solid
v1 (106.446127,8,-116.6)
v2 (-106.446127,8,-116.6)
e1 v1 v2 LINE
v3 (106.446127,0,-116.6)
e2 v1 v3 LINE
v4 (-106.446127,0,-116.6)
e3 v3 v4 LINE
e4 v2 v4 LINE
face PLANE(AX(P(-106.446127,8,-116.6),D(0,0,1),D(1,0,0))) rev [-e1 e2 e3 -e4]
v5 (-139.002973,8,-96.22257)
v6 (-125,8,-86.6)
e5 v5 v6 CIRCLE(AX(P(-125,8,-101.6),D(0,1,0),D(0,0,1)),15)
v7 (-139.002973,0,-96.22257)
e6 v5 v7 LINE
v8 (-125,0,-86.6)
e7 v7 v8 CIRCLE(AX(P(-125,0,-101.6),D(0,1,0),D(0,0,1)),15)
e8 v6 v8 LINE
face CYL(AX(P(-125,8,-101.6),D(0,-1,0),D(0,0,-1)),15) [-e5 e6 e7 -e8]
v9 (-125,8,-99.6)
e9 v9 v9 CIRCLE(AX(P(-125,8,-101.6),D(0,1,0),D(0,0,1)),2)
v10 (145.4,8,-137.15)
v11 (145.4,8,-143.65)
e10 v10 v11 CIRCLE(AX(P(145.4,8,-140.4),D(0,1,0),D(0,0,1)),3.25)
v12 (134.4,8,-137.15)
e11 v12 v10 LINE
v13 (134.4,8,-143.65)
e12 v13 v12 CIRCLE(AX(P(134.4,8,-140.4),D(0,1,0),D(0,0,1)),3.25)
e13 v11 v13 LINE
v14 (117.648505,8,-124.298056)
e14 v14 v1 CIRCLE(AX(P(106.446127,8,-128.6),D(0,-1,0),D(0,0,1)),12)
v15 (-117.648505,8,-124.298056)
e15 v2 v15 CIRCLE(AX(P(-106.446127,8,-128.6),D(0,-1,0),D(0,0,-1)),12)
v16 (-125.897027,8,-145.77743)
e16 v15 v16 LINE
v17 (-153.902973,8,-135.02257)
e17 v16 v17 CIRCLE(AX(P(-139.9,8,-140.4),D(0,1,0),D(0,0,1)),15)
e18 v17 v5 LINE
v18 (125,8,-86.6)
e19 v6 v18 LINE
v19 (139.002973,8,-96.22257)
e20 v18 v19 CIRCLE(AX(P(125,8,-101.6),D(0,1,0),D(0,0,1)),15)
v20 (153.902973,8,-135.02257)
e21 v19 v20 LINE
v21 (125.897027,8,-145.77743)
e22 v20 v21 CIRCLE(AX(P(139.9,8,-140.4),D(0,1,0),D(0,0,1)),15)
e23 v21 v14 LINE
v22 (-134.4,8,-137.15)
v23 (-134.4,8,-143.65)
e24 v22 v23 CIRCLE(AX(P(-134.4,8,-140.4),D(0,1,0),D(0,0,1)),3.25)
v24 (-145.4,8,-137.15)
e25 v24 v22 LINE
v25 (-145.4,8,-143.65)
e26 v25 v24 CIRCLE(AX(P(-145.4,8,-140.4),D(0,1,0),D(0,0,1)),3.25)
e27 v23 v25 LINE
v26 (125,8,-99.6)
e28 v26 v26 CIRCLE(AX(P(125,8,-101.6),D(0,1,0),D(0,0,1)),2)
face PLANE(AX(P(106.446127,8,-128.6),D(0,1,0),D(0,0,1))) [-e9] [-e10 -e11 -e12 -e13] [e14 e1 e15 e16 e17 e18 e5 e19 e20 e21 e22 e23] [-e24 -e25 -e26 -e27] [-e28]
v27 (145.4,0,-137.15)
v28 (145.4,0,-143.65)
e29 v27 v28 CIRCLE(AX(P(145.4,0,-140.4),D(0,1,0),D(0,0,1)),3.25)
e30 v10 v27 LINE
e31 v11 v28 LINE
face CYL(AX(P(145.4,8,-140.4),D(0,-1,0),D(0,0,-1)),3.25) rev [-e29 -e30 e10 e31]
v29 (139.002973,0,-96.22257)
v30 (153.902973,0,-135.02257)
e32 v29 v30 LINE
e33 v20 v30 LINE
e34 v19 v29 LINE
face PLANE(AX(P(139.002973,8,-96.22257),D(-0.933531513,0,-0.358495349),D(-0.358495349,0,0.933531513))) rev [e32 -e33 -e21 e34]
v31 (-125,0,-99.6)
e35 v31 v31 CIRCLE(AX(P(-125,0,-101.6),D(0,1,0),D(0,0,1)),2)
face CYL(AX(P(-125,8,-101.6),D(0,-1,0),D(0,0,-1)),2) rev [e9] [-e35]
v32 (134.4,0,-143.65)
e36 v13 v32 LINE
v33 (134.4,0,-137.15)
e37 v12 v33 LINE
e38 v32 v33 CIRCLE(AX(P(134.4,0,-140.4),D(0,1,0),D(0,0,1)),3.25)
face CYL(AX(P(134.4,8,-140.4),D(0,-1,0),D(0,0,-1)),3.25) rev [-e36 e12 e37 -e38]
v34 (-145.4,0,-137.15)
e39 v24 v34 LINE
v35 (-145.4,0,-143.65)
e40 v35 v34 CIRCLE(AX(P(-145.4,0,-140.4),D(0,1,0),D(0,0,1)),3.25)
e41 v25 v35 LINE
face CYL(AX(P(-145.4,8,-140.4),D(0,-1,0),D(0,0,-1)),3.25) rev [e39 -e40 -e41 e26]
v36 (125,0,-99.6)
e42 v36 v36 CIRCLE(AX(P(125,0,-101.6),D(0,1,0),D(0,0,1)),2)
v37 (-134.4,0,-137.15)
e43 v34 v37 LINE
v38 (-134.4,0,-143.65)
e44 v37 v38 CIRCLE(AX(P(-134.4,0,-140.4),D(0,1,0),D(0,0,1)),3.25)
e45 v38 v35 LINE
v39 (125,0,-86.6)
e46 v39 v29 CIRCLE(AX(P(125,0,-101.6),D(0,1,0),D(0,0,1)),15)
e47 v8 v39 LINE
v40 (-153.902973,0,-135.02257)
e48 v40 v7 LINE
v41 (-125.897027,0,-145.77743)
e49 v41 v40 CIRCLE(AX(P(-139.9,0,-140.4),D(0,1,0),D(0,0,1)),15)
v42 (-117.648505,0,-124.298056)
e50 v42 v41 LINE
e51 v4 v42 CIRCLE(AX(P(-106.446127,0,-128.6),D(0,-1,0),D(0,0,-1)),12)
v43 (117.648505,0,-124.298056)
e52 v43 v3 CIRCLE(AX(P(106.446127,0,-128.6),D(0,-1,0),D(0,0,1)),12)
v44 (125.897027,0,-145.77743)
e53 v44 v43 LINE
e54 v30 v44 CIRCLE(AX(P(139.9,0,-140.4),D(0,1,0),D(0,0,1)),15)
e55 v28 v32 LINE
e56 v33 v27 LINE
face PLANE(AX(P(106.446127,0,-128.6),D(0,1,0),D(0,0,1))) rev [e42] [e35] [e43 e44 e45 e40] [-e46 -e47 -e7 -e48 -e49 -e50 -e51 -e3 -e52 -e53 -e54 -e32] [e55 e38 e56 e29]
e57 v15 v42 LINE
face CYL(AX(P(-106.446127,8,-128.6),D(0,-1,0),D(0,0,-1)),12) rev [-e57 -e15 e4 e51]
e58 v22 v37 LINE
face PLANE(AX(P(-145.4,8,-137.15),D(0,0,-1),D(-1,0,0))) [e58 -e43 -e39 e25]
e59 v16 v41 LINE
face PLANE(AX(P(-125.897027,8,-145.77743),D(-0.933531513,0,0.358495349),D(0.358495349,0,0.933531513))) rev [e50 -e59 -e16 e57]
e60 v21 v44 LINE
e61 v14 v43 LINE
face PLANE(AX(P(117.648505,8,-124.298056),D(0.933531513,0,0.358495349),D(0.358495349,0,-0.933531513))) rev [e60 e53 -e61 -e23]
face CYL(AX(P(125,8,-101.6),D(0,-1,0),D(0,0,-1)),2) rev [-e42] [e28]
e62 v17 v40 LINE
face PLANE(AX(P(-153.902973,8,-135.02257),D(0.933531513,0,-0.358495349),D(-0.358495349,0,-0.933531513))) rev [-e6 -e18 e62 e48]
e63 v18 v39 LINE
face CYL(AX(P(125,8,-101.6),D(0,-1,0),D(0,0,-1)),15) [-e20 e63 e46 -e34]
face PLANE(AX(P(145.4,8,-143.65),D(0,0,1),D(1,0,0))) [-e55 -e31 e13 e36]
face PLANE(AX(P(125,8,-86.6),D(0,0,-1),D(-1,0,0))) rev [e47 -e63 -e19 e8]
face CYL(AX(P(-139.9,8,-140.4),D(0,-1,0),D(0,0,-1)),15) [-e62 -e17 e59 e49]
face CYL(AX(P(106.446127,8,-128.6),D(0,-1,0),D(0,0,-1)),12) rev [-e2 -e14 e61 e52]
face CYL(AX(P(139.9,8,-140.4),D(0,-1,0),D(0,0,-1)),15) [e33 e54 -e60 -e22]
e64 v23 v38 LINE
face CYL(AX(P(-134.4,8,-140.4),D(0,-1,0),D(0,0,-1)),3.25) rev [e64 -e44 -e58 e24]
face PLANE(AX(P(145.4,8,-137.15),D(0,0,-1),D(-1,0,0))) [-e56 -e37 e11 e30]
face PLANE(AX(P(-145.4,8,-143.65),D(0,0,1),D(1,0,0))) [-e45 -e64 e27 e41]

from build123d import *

# Parameters (mm, degrees)
SKETCH1_R           = 2
BOSS_EXTRUDE1_DEPTH = 8


with BuildPart() as part:
    # Sketch1 → Boss-Extrude1 (new body)
    with BuildSketch(Plane(origin=(0, 0, 0), x_dir=(1, 0, 0), z_dir=(0, 1, 0))):
        with BuildLine():
            Line((-125.897027312, 145.777430233), (-117.648504662, 124.298055814))
            ThreePointArc((-117.648504662, 124.298055814), (-113.242326544, 118.710021986), (-106.446126512, 116.6))
            Line((-106.446126512, 116.6), (106.446126512, 116.6))
            ThreePointArc((106.446126512, 116.6), (113.242326544, 118.710021986), (117.648504662, 124.298055814))
            Line((117.648504662, 124.298055814), (125.897027312, 145.777430233))
            ThreePointArc((125.897027312, 145.777430233), (145.277430233, 154.402972688), (153.902972688, 135.022569767))
            Line((153.902972688, 135.022569767), (139.002972688, 96.222569767))
            ThreePointArc((139.002972688, 96.222569767), (133.495250041, 89.237527482), (125, 86.6))
            Line((125, 86.6), (-125, 86.6))
            ThreePointArc((-125, 86.6), (-133.495250041, 89.237527482), (-139.002972688, 96.222569767))
            Line((-139.002972688, 96.222569767), (-153.902972688, 135.022569767))
            ThreePointArc((-153.902972688, 135.022569767), (-145.277430233, 154.402972688), (-125.897027312, 145.777430233))
        make_face()
        with Locations(Location((-125, 101.6, 0), (0, 0, 270))):
            Circle(SKETCH1_R, mode=Mode.SUBTRACT)
        with Locations(Location((125, 101.6, 0), (0, 0, 270))):
            Circle(SKETCH1_R, mode=Mode.SUBTRACT)
        with BuildLine():
            Line((-145.4, 143.65), (-134.4, 143.65))
            ThreePointArc((-134.4, 143.65), (-131.15, 140.4), (-134.4, 137.15))
            Line((-134.4, 137.15), (-145.4, 137.15))
            ThreePointArc((-145.4, 137.15), (-148.65, 140.4), (-145.4, 143.65))
        make_face(mode=Mode.SUBTRACT)
        with BuildLine():
            Line((145.4, 137.15), (134.4, 137.15))
            ThreePointArc((134.4, 137.15), (131.15, 140.4), (134.4, 143.65))
            Line((134.4, 143.65), (145.4, 143.65))
            ThreePointArc((145.4, 143.65), (148.65, 140.4), (145.4, 137.15))
        make_face(mode=Mode.SUBTRACT)
    extrude(amount=BOSS_EXTRUDE1_DEPTH)


solid = part.part
